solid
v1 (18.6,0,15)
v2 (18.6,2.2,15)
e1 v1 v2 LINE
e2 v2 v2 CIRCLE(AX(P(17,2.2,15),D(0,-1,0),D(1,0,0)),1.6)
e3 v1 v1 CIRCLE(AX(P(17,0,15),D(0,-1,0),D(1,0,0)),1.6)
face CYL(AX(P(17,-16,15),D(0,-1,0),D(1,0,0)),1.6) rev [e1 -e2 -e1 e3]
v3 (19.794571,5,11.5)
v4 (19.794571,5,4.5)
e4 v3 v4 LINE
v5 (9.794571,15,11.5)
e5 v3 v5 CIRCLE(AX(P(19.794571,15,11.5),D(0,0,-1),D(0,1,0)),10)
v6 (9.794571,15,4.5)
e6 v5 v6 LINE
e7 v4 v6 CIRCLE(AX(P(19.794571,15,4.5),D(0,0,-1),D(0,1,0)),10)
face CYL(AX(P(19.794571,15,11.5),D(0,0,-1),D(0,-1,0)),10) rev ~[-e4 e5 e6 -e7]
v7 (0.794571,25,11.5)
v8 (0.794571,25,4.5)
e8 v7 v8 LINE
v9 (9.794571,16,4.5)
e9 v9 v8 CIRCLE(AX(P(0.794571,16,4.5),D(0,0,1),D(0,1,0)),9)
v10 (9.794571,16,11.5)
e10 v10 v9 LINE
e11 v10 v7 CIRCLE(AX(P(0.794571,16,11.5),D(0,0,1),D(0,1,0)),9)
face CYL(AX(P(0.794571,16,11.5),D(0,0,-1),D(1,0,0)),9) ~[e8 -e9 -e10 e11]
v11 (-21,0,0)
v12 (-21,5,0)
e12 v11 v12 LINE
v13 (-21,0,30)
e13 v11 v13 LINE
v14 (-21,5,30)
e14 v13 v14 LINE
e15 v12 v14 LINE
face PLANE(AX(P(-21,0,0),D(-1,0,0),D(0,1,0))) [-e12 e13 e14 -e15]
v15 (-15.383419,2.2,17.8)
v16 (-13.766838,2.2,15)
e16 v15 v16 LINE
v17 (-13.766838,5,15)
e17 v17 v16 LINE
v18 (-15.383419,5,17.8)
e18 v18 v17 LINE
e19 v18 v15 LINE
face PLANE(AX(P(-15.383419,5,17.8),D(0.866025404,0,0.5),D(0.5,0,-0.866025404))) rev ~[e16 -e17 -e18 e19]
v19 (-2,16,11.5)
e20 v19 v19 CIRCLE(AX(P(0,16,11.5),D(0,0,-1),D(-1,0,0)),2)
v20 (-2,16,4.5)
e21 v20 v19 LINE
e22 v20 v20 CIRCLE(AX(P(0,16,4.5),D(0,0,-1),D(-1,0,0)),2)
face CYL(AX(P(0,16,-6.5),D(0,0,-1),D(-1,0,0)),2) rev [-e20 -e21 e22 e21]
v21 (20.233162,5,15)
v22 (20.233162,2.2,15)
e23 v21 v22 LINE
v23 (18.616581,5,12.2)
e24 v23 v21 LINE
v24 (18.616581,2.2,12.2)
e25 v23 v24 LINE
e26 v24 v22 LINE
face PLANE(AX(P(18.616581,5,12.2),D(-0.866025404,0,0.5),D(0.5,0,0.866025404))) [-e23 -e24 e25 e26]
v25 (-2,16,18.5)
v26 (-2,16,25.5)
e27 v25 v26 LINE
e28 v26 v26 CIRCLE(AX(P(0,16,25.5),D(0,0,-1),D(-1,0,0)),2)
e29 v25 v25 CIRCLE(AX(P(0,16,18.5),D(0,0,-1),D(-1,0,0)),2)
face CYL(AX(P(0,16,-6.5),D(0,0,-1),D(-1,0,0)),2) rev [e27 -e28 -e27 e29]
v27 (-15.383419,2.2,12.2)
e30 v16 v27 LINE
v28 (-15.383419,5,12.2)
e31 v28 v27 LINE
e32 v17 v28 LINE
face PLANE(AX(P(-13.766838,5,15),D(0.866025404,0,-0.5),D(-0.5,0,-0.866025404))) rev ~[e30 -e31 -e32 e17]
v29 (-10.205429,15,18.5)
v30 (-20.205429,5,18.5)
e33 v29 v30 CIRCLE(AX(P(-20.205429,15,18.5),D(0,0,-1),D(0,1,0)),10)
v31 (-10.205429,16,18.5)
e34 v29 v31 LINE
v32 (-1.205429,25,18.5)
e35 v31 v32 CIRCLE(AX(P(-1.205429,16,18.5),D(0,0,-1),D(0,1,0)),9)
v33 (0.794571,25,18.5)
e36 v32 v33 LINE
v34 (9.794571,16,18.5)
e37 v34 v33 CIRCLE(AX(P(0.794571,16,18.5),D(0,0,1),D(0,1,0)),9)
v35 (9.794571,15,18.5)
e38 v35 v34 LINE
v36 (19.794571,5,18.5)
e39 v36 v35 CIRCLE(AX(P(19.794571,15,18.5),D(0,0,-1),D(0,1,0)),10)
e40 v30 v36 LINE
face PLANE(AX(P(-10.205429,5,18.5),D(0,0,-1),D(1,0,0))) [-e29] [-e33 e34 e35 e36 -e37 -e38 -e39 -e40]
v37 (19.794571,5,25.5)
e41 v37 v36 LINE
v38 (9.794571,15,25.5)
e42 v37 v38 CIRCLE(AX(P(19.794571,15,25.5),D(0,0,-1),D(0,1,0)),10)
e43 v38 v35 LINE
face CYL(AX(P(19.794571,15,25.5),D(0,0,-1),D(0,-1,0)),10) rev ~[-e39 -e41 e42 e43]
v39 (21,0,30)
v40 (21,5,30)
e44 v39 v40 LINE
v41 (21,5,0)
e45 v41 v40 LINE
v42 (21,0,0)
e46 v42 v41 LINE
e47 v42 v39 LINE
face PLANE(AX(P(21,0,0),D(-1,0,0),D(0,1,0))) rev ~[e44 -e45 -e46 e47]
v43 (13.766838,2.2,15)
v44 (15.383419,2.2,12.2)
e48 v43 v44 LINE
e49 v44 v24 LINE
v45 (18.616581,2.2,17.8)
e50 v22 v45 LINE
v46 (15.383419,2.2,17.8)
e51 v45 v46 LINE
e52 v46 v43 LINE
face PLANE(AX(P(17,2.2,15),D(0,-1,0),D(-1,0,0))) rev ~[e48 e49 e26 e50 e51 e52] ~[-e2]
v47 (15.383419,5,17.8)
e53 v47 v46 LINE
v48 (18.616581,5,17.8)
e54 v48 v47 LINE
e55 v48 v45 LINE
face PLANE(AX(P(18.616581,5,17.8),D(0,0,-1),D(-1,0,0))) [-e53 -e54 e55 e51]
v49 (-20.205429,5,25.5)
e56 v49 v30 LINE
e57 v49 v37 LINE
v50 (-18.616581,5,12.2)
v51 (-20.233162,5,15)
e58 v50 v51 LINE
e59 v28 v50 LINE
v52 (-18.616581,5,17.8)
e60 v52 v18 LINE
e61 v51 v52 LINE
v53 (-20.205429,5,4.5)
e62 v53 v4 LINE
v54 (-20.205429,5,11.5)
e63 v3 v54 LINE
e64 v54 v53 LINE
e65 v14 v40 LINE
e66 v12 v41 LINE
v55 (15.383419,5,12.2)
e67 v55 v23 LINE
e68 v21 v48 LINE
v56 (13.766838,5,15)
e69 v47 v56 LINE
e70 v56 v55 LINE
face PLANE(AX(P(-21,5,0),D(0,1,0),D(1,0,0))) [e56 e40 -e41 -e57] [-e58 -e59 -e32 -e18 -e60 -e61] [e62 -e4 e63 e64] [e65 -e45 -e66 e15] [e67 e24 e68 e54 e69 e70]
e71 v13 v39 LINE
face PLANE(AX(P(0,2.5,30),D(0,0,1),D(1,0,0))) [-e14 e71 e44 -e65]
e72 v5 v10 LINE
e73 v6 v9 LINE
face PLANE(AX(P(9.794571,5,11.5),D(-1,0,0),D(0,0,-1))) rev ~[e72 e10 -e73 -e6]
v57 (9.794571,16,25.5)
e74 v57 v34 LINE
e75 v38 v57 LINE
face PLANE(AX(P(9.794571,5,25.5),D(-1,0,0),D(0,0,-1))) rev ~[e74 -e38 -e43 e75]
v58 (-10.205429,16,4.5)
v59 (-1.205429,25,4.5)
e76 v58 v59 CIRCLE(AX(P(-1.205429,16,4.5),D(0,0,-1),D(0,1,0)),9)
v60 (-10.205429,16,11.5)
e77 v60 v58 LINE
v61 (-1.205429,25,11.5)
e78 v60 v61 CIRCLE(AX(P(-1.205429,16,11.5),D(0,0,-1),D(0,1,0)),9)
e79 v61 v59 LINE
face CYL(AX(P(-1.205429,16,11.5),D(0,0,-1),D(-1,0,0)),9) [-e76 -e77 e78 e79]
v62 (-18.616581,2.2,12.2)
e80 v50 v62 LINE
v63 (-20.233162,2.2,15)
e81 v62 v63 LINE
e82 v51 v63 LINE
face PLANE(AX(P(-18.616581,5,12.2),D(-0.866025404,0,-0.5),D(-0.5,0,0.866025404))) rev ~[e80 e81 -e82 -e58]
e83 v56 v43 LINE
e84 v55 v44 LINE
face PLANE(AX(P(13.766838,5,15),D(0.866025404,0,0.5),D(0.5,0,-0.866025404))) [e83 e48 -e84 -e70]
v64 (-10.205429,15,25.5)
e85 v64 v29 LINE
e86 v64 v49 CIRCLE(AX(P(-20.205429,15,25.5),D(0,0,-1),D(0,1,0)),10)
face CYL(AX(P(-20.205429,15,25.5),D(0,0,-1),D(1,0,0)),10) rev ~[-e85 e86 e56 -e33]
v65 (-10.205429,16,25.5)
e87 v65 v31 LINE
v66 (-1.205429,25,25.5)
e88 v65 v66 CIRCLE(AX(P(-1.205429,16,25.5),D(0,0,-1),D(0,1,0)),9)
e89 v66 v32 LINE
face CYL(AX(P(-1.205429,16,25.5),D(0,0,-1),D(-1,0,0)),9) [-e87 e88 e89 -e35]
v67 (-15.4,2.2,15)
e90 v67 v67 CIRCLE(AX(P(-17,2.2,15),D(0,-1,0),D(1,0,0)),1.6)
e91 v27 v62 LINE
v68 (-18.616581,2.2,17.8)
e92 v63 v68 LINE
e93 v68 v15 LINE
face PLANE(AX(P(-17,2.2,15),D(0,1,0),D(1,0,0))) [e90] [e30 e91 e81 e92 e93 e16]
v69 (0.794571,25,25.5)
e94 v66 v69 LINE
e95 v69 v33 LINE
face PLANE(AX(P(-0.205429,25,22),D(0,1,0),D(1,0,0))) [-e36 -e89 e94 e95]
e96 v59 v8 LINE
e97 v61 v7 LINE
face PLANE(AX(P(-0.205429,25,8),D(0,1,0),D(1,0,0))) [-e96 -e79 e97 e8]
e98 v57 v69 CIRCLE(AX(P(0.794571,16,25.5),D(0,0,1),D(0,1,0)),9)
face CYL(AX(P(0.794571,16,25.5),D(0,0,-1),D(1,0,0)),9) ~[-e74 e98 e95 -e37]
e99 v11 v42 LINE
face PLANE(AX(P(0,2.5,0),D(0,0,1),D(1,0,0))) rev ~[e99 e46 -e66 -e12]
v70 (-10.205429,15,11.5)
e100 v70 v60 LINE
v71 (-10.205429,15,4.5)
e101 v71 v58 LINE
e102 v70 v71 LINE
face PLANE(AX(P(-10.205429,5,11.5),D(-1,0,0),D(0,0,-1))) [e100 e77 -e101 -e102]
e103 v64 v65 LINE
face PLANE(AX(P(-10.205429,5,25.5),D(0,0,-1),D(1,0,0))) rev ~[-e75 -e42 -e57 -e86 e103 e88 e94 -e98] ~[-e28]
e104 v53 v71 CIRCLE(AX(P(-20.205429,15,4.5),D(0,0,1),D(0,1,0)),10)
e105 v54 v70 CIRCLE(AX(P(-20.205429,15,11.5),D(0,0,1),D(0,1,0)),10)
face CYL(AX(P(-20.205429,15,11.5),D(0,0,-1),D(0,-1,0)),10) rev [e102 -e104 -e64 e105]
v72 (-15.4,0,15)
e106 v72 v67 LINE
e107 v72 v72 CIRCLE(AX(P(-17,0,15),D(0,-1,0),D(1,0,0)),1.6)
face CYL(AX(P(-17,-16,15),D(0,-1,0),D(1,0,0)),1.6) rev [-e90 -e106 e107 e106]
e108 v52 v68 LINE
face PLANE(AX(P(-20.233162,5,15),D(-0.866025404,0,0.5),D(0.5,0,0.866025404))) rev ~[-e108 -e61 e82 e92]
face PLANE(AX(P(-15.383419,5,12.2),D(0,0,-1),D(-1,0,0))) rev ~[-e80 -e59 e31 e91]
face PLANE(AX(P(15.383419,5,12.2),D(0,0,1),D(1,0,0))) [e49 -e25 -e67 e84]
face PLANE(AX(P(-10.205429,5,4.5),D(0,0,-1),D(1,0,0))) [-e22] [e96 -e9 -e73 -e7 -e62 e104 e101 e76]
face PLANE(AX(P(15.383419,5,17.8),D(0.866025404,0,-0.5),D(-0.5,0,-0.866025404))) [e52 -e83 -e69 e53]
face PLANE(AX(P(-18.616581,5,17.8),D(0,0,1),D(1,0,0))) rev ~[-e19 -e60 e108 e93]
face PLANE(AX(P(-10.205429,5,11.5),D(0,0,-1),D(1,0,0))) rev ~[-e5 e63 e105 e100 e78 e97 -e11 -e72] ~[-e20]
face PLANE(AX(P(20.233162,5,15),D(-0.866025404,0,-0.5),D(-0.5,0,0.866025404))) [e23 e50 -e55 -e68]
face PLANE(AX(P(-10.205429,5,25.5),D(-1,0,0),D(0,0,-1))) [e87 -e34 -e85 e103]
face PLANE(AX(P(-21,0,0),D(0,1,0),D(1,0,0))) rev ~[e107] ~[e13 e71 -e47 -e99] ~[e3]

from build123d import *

# Parameters (mm, degrees)
CROQUIS1_W                 = 42
CROQUIS1_H                 = 5
SALIENTE_EXTRUIR1_DEPTH    = 30
CORTAR_EXTRUIR1_DEPTH      = 15
CORTAR_EXTRUIR1_DEPTH_BACK = 21
CROQUIS2_R                 = 1.6
CORTAR_EXTRUIR2_DEPTH      = 2.8
CROQUIS4_W                 = 20
CROQUIS4_H                 = 7
SALIENTE_EXTRUIR2_DEPTH    = 20
FILLET1_R                  = 9
CUT_EXTRUDE1_DEPTH         = 15
CUT_EXTRUDE1_DEPTH_BACK    = 32
SKETCH1_R                  = 2
FILLET2_R                  = 10


with BuildPart() as part:
    # Croquis1 → Saliente-Extruir1 (new body)
    with BuildSketch(Plane.XY):
        with Locations((0, 2.5)):
            Rectangle(CROQUIS1_W, CROQUIS1_H)
    extrude(amount=SALIENTE_EXTRUIR1_DEPTH)

    # Croquis2 → Cortar-Extruir1 (cut, two sides: drawn at the far end of the back side and taken through both)
    with BuildSketch(Plane(origin=(0, 5, 0), x_dir=(1, 0, 0), z_dir=(0, 1, 0)).offset(-CORTAR_EXTRUIR1_DEPTH_BACK)):
        with Locations((-17, -15)):
            Circle(CROQUIS2_R)
        with Locations((17, -15)):
            Circle(CROQUIS2_R)
    extrude(amount=CORTAR_EXTRUIR1_DEPTH + CORTAR_EXTRUIR1_DEPTH_BACK, mode=Mode.SUBTRACT)

    # Croquis3 → Cortar-Extruir2 (cut)
    with BuildSketch(Plane(origin=(0, 5, 0), x_dir=(1, 0, 0), z_dir=(0, 1, 0))):
        Polygon((15.383419246, -17.8), (13.766838493, -15), (15.383419246, -12.2), (18.616580754, -12.2), (20.233161507, -15), (18.616580754, -17.8), align=None)
        Polygon((-13.766838493, -15), (-15.383419246, -12.2), (-18.616580754, -12.2), (-20.233161507, -15), (-18.616580754, -17.8), (-15.383419246, -17.8), align=None)
    extrude(amount=-CORTAR_EXTRUIR2_DEPTH, mode=Mode.SUBTRACT)

    # Croquis4 → Saliente-Extruir2 (add)
    with BuildSketch(Plane(origin=(0, 5, 0), x_dir=(1, 0, 0), z_dir=(0, 1, 0))):
        with Locations((-0.205428596, -22)):
            Rectangle(CROQUIS4_W, CROQUIS4_H)
        with Locations((-0.205428596, -8)):
            Rectangle(CROQUIS4_W, CROQUIS4_H)
    extrude(amount=SALIENTE_EXTRUIR2_DEPTH)

    # Fillet1
    fillet1_edges = [part.edges().sort_by_distance(p)[0] for p in [
        (-10.205428596, 25, 22),
        (9.794571404, 25, 22),
        (-10.205428596, 25, 8),
        (9.794571404, 25, 8),
    ]]
    fillet(fillet1_edges, radius=FILLET1_R)

    # Sketch1 → Cut-Extrude1 (cut, two sides: drawn at the far end of the back side and taken through both)
    with BuildSketch(Plane.XY.offset(25.5).offset(-CUT_EXTRUDE1_DEPTH_BACK)):
        with Locations(Location((0, 16, 0), (0, 0, 180))):
            Circle(SKETCH1_R)
    extrude(amount=CUT_EXTRUDE1_DEPTH + CUT_EXTRUDE1_DEPTH_BACK, mode=Mode.SUBTRACT)

    # Fillet2
    fillet2_edges = [part.edges().sort_by_distance(p)[0] for p in [
        (-10.205428596, 5, 22),
        (9.794571404, 5, 22),
        (-10.205428596, 5, 8),
        (9.794571404, 5, 8),
    ]]
    fillet(fillet2_edges, radius=FILLET2_R)


solid = part.part
